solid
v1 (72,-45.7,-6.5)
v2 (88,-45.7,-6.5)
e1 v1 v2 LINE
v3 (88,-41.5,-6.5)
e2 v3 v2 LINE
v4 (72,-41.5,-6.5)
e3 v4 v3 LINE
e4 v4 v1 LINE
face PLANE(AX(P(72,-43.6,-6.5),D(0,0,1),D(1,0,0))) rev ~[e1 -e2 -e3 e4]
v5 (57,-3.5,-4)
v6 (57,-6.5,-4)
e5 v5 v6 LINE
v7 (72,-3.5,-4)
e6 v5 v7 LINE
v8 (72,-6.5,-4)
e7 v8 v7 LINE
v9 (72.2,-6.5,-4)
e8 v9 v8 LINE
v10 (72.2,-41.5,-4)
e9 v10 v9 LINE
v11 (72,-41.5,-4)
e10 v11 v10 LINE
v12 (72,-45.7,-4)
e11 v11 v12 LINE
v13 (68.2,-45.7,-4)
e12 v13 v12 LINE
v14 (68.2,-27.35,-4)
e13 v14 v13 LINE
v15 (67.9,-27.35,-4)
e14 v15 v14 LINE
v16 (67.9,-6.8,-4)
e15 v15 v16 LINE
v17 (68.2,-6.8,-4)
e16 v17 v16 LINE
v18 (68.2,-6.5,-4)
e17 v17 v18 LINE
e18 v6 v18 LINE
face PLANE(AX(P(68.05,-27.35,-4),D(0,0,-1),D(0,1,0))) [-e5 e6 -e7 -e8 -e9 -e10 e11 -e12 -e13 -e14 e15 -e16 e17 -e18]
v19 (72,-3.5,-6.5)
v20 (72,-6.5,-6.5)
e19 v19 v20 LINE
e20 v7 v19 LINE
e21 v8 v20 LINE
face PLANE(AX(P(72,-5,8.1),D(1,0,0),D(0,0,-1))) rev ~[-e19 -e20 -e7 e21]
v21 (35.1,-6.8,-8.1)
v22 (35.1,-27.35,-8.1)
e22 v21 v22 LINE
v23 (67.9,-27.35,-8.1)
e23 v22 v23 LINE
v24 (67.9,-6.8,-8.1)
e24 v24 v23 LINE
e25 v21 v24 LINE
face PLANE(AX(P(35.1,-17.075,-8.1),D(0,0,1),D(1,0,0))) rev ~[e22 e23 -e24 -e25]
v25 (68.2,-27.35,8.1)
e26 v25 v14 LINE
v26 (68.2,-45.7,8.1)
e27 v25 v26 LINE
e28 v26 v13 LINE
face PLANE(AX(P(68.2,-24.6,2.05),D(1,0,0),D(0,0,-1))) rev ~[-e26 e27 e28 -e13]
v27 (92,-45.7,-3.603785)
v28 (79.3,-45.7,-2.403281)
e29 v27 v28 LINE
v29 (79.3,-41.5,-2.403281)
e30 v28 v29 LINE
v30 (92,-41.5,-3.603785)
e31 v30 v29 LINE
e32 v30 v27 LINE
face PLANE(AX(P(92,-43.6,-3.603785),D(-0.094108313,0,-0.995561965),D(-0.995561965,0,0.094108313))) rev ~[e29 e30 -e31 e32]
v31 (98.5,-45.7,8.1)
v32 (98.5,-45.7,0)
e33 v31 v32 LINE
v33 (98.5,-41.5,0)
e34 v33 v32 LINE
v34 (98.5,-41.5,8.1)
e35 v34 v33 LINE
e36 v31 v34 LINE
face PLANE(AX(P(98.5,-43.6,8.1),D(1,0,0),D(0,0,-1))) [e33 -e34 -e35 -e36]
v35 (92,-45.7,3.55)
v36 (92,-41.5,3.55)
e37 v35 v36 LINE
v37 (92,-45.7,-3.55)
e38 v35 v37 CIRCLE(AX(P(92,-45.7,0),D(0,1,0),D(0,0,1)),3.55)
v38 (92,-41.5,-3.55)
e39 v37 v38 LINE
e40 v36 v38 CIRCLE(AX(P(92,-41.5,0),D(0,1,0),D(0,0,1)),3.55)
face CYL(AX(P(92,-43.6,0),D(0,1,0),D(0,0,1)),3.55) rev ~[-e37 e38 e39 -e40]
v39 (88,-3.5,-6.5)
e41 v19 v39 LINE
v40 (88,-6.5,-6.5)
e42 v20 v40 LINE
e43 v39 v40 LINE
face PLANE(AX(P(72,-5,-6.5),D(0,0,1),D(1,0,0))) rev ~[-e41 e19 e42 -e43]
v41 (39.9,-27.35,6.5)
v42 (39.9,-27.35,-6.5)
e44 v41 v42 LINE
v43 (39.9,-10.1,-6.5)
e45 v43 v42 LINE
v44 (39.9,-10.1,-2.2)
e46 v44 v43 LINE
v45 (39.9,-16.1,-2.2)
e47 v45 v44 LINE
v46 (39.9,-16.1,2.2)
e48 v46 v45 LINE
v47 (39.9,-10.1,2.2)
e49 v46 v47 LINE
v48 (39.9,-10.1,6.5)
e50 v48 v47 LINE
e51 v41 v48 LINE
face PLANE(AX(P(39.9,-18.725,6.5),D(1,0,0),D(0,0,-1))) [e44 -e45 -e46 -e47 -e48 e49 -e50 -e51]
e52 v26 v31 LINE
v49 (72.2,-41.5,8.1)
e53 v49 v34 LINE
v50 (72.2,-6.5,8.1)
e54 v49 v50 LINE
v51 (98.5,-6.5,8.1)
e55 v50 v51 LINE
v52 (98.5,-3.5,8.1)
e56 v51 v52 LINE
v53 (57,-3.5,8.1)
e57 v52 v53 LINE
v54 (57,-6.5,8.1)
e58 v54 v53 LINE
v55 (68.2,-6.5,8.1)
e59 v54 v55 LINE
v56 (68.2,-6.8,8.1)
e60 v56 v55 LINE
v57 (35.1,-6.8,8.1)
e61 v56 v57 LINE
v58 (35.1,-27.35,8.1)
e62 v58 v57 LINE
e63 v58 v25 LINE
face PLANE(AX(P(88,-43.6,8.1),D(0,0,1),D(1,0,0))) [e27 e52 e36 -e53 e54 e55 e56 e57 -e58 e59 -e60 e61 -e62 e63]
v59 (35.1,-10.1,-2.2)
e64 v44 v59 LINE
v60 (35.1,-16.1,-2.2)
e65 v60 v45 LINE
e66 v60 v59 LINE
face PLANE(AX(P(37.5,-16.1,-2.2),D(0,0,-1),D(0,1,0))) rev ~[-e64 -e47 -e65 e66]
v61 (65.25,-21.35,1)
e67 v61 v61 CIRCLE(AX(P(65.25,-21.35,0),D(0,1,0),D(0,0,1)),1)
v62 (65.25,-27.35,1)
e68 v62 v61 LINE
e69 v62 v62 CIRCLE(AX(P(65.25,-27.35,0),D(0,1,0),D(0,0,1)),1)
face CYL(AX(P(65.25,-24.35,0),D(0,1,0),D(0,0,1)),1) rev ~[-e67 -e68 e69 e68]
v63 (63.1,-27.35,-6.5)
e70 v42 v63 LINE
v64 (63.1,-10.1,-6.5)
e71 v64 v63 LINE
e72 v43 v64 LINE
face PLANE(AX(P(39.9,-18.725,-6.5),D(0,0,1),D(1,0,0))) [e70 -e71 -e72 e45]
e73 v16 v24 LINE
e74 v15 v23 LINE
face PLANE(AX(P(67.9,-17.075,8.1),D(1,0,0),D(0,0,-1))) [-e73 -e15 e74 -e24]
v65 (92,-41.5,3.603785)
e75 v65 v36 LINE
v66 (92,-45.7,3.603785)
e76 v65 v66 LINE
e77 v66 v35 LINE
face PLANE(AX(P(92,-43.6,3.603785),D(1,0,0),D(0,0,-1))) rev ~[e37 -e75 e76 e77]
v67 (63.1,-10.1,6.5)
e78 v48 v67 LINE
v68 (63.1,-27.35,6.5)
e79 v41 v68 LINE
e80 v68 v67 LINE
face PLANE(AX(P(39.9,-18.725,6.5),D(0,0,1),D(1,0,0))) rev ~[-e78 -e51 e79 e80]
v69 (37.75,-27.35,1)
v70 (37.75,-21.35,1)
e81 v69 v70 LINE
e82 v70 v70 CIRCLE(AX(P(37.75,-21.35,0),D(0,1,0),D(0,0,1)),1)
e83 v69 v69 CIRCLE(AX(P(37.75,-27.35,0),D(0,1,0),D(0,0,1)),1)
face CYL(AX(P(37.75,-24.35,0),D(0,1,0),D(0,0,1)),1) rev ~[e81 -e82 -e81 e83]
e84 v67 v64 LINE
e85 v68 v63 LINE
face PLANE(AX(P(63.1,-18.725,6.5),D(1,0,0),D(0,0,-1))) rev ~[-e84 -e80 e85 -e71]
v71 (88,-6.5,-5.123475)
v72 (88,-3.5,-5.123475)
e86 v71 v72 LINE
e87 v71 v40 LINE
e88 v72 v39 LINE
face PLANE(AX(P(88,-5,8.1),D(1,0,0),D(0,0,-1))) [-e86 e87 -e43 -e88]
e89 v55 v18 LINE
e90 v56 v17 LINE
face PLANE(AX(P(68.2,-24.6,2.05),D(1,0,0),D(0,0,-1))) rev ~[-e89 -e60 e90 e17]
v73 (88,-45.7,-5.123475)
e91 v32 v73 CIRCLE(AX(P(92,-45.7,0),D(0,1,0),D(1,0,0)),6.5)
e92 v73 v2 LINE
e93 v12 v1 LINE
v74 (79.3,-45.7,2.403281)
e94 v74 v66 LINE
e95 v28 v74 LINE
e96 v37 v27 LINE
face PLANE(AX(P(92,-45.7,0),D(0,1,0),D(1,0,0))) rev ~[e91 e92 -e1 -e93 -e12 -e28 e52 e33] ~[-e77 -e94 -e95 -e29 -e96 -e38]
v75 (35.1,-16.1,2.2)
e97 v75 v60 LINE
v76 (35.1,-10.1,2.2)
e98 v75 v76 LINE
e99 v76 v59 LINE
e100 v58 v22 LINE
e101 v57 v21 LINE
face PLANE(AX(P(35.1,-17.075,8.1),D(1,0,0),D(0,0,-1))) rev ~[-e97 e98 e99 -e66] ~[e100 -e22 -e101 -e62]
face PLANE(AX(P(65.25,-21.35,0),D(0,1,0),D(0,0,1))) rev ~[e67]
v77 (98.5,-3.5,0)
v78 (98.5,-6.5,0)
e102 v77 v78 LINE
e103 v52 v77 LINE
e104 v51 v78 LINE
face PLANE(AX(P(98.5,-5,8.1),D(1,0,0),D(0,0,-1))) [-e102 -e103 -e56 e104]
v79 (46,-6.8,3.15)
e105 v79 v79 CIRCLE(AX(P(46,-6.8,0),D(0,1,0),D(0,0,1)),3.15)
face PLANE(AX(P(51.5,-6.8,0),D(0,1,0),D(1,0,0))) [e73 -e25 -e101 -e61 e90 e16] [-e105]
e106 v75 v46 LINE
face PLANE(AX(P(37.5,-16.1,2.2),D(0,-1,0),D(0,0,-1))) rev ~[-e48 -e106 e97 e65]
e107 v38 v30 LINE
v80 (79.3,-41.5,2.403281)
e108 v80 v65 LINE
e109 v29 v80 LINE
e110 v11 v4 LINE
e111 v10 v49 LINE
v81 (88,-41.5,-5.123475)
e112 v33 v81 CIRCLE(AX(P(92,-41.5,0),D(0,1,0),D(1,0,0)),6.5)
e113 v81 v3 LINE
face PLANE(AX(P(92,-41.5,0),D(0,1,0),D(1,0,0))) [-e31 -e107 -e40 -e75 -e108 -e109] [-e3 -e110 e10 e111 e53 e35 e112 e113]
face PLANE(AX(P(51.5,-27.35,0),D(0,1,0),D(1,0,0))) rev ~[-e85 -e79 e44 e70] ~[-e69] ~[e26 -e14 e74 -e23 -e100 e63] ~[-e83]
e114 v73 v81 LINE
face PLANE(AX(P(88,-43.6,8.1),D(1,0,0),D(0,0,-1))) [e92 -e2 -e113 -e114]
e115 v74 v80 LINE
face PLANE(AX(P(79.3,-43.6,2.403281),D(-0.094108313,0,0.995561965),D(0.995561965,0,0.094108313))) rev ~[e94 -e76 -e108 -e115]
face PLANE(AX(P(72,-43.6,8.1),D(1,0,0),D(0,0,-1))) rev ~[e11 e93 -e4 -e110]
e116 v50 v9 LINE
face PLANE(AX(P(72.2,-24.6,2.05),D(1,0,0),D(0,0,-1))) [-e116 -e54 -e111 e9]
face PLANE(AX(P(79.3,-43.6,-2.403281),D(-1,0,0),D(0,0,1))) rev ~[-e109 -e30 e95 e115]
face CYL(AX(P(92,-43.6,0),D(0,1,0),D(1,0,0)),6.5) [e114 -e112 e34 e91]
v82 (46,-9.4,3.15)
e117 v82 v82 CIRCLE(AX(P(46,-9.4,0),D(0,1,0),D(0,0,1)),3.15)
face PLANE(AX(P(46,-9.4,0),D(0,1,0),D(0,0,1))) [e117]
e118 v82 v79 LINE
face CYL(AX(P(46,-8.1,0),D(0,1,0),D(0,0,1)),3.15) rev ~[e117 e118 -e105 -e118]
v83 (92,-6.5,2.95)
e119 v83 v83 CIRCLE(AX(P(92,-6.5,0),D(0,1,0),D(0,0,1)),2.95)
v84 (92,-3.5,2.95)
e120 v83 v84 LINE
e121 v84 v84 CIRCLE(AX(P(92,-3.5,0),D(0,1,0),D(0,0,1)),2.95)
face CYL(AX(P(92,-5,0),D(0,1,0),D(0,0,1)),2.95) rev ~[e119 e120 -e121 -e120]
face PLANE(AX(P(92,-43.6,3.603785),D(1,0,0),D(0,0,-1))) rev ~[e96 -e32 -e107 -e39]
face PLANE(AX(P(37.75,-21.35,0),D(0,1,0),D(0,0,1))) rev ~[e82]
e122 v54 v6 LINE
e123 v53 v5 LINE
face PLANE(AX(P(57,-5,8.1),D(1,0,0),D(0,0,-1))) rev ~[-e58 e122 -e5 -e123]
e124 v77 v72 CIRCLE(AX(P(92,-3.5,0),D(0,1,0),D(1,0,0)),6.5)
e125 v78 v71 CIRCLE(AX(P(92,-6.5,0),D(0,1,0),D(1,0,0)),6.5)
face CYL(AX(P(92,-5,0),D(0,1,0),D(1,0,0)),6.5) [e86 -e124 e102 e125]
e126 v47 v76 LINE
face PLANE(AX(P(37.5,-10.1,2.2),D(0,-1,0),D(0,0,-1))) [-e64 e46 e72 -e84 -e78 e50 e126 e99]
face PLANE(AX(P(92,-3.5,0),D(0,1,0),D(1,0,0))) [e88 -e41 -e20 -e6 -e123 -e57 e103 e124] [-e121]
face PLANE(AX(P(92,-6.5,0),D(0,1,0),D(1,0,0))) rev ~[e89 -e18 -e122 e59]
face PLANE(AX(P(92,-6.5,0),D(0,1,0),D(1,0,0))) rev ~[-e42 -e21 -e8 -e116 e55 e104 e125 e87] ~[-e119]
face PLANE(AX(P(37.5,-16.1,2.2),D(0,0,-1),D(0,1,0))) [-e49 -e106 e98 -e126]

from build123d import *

# Parameters (mm, degrees)
BOSS_EXTRUDE1_START  = -17.075
SKETCH1_W            = 32.8
SKETCH1_H            = 16.2
BOSS_EXTRUDE1_DEPTH  = 10.275
BOSS_EXTRUDE2_START  = -5
SKETCH2_W            = 31
SKETCH2_H            = 12.1
BOSS_EXTRUDE2_DEPTH  = 1.5
BOSS_EXTRUDE3_START  = -5
SKETCH3_W            = 16
SKETCH3_H            = 14.6
BOSS_EXTRUDE3_DEPTH  = 1.5
BOSS_EXTRUDE4_START  = -5
SKETCH4_W            = 10.5
SKETCH4_H            = 8.1
BOSS_EXTRUDE4_DEPTH  = 1.5
BOSS_EXTRUDE5_START  = -5
SKETCH5_R            = 6.5
BOSS_EXTRUDE5_DEPTH  = 1.5
CUT_EXTRUDE1_START   = -5
SKETCH6_R            = 2.95
CUT_EXTRUDE1_DEPTH   = 1.5
BOSS_EXTRUDE6_START  = 70.2
SKETCH7_W            = 12.1
SKETCH7_H            = 42.2
BOSS_EXTRUDE6_DEPTH  = 2
BOSS_EXTRUDE7_START  = 68.05
SKETCH8_W            = 12.1
SKETCH8_H            = 20.55
BOSS_EXTRUDE7_DEPTH  = 1.15
BOSS_EXTRUDE8_START  = -43.6
SKETCH9_W            = 19.8
SKETCH9_H            = 12.1
BOSS_EXTRUDE8_DEPTH  = 2.1
BOSS_EXTRUDE9_START  = -43.6
SKETCH10_W           = 16
SKETCH10_H           = 14.6
BOSS_EXTRUDE9_DEPTH  = 2.1
BOSS_EXTRUDE10_START = -43.6
SKETCH11_W           = 10.5
SKETCH11_H           = 8.1
BOSS_EXTRUDE10_DEPTH = 2.1
BOSS_EXTRUDE11_START = -43.6
SKETCH12_R           = 6.5
BOSS_EXTRUDE11_DEPTH = 2.1
CUT_EXTRUDE2_START   = -43.6
SKETCH13_R           = 3.55
CUT_EXTRUDE2_DEPTH   = 2.1
CUT_EXTRUDE3_START   = -43.6
CUT_EXTRUDE3_DEPTH   = 2.1
CUT_EXTRUDE4_START   = -18.725
SKETCH15_W           = 23.2
SKETCH15_H           = 13
CUT_EXTRUDE4_DEPTH   = 8.625
CUT_EXTRUDE5_START   = -24.35
SKETCH16_R           = 1
CUT_EXTRUDE5_DEPTH   = 3
CUT_EXTRUDE6_START   = -24.35
SKETCH17_R           = 1
CUT_EXTRUDE6_DEPTH   = 3
CUT_EXTRUDE7_START   = -8.1
SKETCH18_R           = 3.15
CUT_EXTRUDE7_DEPTH   = 1.3
CUT_EXTRUDE8_START   = 37.5
SKETCH19_W           = 4.4
SKETCH19_H           = 6
CUT_EXTRUDE8_DEPTH   = 2.4


with BuildPart() as part:
    # Sketch1 → Boss-Extrude1 (new, symmetric)
    with BuildSketch(Plane(origin=(0, 0, 0), x_dir=(1, 0, 0), z_dir=(0, 1, 0)).offset(BOSS_EXTRUDE1_START)):
        with Locations((51.5, 0)):
            Rectangle(SKETCH1_W, SKETCH1_H)
    extrude(amount=BOSS_EXTRUDE1_DEPTH, both=True)



with BuildPart() as body_2:
    # Sketch2 → Boss-Extrude2 (new, symmetric)
    with BuildSketch(Plane(origin=(0, 0, 0), x_dir=(1, 0, 0), z_dir=(0, 1, 0)).offset(BOSS_EXTRUDE2_START)):
        with Locations((72.5, -2.05)):
            Rectangle(SKETCH2_W, SKETCH2_H)
    extrude(amount=BOSS_EXTRUDE2_DEPTH, both=True)

    # Sketch3 → Boss-Extrude3 (add, symmetric)
    with BuildSketch(Plane(origin=(0, 0, 0), x_dir=(1, 0, 0), z_dir=(0, 1, 0)).offset(BOSS_EXTRUDE3_START)):
        with Locations((80, -0.8)):
            Rectangle(SKETCH3_W, SKETCH3_H)
    extrude(amount=BOSS_EXTRUDE3_DEPTH, both=True)

    # Sketch4 → Boss-Extrude4 (add, symmetric)
    with BuildSketch(Plane(origin=(0, 0, 0), x_dir=(1, 0, 0), z_dir=(0, 1, 0)).offset(BOSS_EXTRUDE4_START)):
        with Locations((93.25, -4.05)):
            Rectangle(SKETCH4_W, SKETCH4_H)
    extrude(amount=BOSS_EXTRUDE4_DEPTH, both=True)

    # Sketch5 → Boss-Extrude5 (add, symmetric)
    with BuildSketch(Plane(origin=(0, 0, 0), x_dir=(1, 0, 0), z_dir=(0, 1, 0)).offset(BOSS_EXTRUDE5_START)):
        with Locations((92, 0)):
            Circle(SKETCH5_R)
    extrude(amount=BOSS_EXTRUDE5_DEPTH, both=True)

    # Sketch6 → Cut-Extrude1 (cut, symmetric)
    with BuildSketch(Plane(origin=(0, 0, 0), x_dir=(1, 0, 0), z_dir=(0, 1, 0)).offset(CUT_EXTRUDE1_START)):
        with Locations(Location((92, 0, 0), (0, 0, 270))):
            Circle(SKETCH6_R)
    extrude(amount=CUT_EXTRUDE1_DEPTH, both=True, mode=Mode.SUBTRACT)

    # Sketch7 → Boss-Extrude6 (add, symmetric)
    with BuildSketch(Plane(origin=(0, 0, 0), x_dir=(0, 0, -1), z_dir=(1, 0, 0)).offset(BOSS_EXTRUDE6_START)):
        with Locations((-2.05, -24.6)):
            Rectangle(SKETCH7_W, SKETCH7_H)
    extrude(amount=BOSS_EXTRUDE6_DEPTH, both=True)


with BuildPart() as part_1:
    add(part.part)

    add(body_2.part)  # Boss-Extrude7 merges body 2
    # Sketch8 → Boss-Extrude7 (add, symmetric)
    with BuildSketch(Plane(origin=(0, 0, 0), x_dir=(0, 0, -1), z_dir=(1, 0, 0)).offset(BOSS_EXTRUDE7_START)):
        with Locations((-2.05, -17.075)):
            Rectangle(SKETCH8_W, SKETCH8_H)
    extrude(amount=BOSS_EXTRUDE7_DEPTH, both=True)

    # Sketch9 → Boss-Extrude8 (add, symmetric)
    with BuildSketch(Plane(origin=(0, 0, 0), x_dir=(1, 0, 0), z_dir=(0, 1, 0)).offset(BOSS_EXTRUDE8_START)):
        with Locations((78.1, -2.05)):
            Rectangle(SKETCH9_W, SKETCH9_H)
    extrude(amount=BOSS_EXTRUDE8_DEPTH, both=True)

    # Sketch10 → Boss-Extrude9 (add, symmetric)
    with BuildSketch(Plane(origin=(0, 0, 0), x_dir=(1, 0, 0), z_dir=(0, 1, 0)).offset(BOSS_EXTRUDE9_START)):
        with Locations((80, -0.8)):
            Rectangle(SKETCH10_W, SKETCH10_H)
    extrude(amount=BOSS_EXTRUDE9_DEPTH, both=True)

    # Sketch11 → Boss-Extrude10 (add, symmetric)
    with BuildSketch(Plane(origin=(0, 0, 0), x_dir=(1, 0, 0), z_dir=(0, 1, 0)).offset(BOSS_EXTRUDE10_START)):
        with Locations((93.25, -4.05)):
            Rectangle(SKETCH11_W, SKETCH11_H)
    extrude(amount=BOSS_EXTRUDE10_DEPTH, both=True)

    # Sketch12 → Boss-Extrude11 (add, symmetric)
    with BuildSketch(Plane(origin=(0, 0, 0), x_dir=(1, 0, 0), z_dir=(0, 1, 0)).offset(BOSS_EXTRUDE11_START)):
        with Locations((92, 0)):
            Circle(SKETCH12_R)
    extrude(amount=BOSS_EXTRUDE11_DEPTH, both=True)

    # Sketch13 → Cut-Extrude2 (cut, symmetric)
    with BuildSketch(Plane(origin=(0, 0, 0), x_dir=(1, 0, 0), z_dir=(0, 1, 0)).offset(CUT_EXTRUDE2_START)):
        with Locations(Location((92, 0, 0), (0, 0, 270))):
            Circle(SKETCH13_R)
    extrude(amount=CUT_EXTRUDE2_DEPTH, both=True, mode=Mode.SUBTRACT)

    # Sketch14 → Cut-Extrude3 (cut, symmetric)
    with BuildSketch(Plane(origin=(0, 0, 0), x_dir=(1, 0, 0), z_dir=(0, 1, 0)).offset(CUT_EXTRUDE3_START)):
        Polygon((92, 3.603784861), (79.3, 2.403281405), (79.3, -2.403281405), (92, -3.603784861), align=None)
    extrude(amount=CUT_EXTRUDE3_DEPTH, both=True, mode=Mode.SUBTRACT)

    # Sketch15 → Cut-Extrude4 (cut, symmetric)
    with BuildSketch(Plane(origin=(0, 0, 0), x_dir=(1, 0, 0), z_dir=(0, 1, 0)).offset(CUT_EXTRUDE4_START)):
        with Locations((51.5, 0)):
            Rectangle(SKETCH15_W, SKETCH15_H)
    extrude(amount=CUT_EXTRUDE4_DEPTH, both=True, mode=Mode.SUBTRACT)

    # Sketch16 → Cut-Extrude5 (cut, symmetric)
    with BuildSketch(Plane(origin=(0, 0, 0), x_dir=(1, 0, 0), z_dir=(0, 1, 0)).offset(CUT_EXTRUDE5_START)):
        with Locations(Location((65.25, 0, 0), (0, 0, 270))):
            Circle(SKETCH16_R)
    extrude(amount=CUT_EXTRUDE5_DEPTH, both=True, mode=Mode.SUBTRACT)

    # Sketch17 → Cut-Extrude6 (cut, symmetric)
    with BuildSketch(Plane(origin=(0, 0, 0), x_dir=(1, 0, 0), z_dir=(0, 1, 0)).offset(CUT_EXTRUDE6_START)):
        with Locations(Location((37.75, 0, 0), (0, 0, 270))):
            Circle(SKETCH17_R)
    extrude(amount=CUT_EXTRUDE6_DEPTH, both=True, mode=Mode.SUBTRACT)

    # Sketch18 → Cut-Extrude7 (cut, symmetric)
    with BuildSketch(Plane(origin=(0, 0, 0), x_dir=(1, 0, 0), z_dir=(0, 1, 0)).offset(CUT_EXTRUDE7_START)):
        with Locations(Location((46, 0, 0), (0, 0, 270))):
            Circle(SKETCH18_R)
    extrude(amount=CUT_EXTRUDE7_DEPTH, both=True, mode=Mode.SUBTRACT)

    # Sketch19 → Cut-Extrude8 (cut, symmetric)
    with BuildSketch(Plane(origin=(0, 0, 0), x_dir=(0, 0, -1), z_dir=(1, 0, 0)).offset(CUT_EXTRUDE8_START)):
        with Locations((0, -13.1)):
            Rectangle(SKETCH19_W, SKETCH19_H)
    extrude(amount=CUT_EXTRUDE8_DEPTH, both=True, mode=Mode.SUBTRACT)


solid = part_1.part
